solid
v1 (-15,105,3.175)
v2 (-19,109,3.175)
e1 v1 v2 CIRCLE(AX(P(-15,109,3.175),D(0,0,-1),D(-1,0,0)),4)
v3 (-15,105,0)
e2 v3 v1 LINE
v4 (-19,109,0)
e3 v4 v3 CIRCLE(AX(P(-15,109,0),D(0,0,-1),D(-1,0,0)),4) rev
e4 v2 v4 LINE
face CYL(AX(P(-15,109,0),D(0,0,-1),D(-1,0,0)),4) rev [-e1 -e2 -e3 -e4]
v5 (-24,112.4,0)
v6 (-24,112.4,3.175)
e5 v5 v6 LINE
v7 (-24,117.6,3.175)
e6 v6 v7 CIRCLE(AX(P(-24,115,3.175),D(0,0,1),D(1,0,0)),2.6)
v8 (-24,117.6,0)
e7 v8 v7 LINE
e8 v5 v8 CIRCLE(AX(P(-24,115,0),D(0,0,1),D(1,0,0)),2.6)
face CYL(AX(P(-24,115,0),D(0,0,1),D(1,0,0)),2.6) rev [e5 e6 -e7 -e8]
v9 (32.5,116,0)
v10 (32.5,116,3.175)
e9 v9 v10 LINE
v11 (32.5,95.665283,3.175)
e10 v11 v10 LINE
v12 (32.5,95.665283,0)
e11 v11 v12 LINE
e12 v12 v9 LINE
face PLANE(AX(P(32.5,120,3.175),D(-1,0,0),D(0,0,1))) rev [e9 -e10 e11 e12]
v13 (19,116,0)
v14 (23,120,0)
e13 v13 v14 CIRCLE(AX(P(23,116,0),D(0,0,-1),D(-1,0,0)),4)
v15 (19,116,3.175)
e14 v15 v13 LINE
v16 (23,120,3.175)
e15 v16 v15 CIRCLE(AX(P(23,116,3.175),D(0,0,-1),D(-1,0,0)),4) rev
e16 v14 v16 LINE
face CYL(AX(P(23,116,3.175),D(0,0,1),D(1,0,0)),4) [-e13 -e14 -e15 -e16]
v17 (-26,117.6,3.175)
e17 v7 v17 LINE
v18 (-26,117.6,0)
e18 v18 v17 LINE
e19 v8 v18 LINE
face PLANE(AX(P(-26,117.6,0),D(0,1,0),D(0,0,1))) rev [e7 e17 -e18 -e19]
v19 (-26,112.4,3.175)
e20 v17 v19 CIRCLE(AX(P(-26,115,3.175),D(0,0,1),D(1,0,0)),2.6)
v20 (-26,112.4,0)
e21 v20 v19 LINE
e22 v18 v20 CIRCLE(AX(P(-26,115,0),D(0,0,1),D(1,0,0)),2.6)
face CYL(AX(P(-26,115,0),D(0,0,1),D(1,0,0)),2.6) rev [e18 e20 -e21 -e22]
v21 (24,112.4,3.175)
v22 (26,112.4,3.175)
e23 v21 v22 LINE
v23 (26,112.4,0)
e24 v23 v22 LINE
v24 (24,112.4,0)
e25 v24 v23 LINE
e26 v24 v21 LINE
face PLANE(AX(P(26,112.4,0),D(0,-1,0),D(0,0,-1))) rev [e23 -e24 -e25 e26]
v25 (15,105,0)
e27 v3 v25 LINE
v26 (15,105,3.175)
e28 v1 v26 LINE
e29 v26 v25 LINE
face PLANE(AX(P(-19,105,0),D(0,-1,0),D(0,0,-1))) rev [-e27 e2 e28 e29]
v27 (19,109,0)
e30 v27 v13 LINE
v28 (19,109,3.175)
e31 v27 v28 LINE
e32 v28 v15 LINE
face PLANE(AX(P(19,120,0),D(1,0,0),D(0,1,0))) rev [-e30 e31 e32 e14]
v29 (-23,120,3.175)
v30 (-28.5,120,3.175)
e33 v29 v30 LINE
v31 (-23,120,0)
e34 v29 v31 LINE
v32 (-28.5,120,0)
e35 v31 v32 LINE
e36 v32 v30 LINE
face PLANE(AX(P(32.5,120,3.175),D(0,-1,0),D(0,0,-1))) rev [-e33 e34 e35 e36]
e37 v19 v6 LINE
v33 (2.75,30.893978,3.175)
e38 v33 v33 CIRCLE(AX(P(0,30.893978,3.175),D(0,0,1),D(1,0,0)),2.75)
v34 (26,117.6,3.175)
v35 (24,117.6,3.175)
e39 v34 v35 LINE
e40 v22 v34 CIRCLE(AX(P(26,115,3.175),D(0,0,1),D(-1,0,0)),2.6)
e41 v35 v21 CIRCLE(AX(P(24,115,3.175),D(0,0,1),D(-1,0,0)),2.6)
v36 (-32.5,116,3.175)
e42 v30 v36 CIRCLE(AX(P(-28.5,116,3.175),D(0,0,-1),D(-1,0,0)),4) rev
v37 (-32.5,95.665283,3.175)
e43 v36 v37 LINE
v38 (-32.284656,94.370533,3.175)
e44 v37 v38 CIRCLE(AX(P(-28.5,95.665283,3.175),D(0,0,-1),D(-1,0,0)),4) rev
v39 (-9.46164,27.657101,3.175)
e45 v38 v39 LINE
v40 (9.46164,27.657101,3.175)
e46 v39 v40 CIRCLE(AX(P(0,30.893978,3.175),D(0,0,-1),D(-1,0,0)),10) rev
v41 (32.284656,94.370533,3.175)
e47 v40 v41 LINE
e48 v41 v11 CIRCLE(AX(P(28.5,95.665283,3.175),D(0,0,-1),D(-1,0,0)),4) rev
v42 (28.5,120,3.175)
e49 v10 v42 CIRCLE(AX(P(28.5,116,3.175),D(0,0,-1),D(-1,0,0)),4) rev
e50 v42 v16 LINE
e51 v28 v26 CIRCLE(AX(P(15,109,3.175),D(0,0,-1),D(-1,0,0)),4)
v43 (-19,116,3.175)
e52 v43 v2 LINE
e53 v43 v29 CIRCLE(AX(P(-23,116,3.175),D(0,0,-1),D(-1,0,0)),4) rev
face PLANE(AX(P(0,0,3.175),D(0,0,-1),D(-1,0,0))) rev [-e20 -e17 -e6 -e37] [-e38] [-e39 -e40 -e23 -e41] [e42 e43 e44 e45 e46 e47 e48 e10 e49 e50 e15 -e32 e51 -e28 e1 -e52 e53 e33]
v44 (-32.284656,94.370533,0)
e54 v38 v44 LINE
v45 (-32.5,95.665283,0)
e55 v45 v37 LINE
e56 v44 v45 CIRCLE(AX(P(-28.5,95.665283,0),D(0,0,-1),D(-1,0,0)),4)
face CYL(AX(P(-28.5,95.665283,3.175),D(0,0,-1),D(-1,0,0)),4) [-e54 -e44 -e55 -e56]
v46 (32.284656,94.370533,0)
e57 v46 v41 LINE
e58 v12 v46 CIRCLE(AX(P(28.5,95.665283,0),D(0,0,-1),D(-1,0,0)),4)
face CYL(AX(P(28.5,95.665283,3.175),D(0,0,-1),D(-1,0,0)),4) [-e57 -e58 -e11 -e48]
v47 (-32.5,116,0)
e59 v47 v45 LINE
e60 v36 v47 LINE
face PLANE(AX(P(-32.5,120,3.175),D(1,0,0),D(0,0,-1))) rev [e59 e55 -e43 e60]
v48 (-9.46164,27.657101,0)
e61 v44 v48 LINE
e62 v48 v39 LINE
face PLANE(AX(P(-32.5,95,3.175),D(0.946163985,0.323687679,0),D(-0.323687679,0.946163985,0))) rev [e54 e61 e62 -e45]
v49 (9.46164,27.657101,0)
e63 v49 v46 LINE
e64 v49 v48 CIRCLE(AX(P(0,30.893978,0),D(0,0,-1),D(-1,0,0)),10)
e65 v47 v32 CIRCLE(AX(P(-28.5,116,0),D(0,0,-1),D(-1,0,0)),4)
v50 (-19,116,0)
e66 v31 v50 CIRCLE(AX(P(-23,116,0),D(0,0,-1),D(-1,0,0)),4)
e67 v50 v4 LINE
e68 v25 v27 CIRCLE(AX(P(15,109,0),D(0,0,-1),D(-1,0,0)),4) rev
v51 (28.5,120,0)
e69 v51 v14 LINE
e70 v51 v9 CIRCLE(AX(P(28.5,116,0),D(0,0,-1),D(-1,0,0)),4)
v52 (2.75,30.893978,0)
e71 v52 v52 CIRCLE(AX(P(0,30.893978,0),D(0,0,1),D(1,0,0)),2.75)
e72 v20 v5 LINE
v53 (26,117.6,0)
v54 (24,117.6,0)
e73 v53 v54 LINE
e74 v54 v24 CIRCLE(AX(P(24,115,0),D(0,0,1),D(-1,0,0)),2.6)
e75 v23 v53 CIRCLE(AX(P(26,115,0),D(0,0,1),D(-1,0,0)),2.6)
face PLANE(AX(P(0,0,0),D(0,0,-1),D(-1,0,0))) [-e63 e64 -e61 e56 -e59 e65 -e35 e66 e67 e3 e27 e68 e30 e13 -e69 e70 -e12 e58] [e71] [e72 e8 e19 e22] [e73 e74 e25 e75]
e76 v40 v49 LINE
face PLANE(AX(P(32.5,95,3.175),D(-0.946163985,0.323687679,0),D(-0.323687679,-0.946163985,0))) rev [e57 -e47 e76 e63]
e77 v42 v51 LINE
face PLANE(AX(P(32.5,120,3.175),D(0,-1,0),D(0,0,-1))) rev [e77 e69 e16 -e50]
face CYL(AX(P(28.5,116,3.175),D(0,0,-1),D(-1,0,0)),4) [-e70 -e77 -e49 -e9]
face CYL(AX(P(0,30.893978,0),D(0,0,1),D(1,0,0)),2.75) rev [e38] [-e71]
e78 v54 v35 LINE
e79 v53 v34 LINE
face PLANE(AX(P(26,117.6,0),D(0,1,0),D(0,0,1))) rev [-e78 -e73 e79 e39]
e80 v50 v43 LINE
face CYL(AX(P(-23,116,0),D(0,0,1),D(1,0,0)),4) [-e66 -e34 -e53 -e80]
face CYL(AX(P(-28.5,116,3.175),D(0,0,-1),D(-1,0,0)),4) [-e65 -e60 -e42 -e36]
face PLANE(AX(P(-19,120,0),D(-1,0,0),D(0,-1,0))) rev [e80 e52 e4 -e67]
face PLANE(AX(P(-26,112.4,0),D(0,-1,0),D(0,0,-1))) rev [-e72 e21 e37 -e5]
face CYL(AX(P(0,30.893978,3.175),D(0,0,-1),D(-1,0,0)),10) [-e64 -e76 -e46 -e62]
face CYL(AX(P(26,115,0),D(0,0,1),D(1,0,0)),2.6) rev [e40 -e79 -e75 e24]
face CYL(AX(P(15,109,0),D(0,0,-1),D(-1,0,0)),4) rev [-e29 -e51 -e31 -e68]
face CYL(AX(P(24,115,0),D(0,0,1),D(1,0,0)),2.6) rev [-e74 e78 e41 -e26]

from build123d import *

# Parameters (mm, degrees)
BOSS_EXTRUDE1_DEPTH = 3.175
SKETCH2_W           = 38
SKETCH2_H           = 15
CUT_EXTRUDE1_DEPTH  = 4.175
FILLET1_R           = 4
FILLET2_R           = 10
SKETCH3_R           = 2.75
CUT_EXTRUDE2_DEPTH  = 4.175


with BuildPart() as part:
    # Sketch1 → Boss-Extrude1 (new body)
    with BuildSketch(Plane.XY):
        Polygon((32.5, 120), (-32.5, 120), (-32.5, 95), (0, 0), (32.5, 95), align=None)
    extrude(amount=BOSS_EXTRUDE1_DEPTH)

    # Sketch2 → Cut-Extrude1 (cut, through all)
    with BuildSketch(Plane.XY.offset(3.175)):
        with Locations((0, 112.5)):
            Rectangle(SKETCH2_W, SKETCH2_H)
        with BuildLine():
            Line((-26, 117.6), (-24, 117.6))
            ThreePointArc((-24, 117.6), (-21.4, 115), (-24, 112.4))
            Line((-24, 112.4), (-26, 112.4))
            ThreePointArc((-26, 112.4), (-28.6, 115), (-26, 117.6))
        make_face()
        with BuildLine():
            Line((26, 117.6), (24, 117.6))
            ThreePointArc((24, 117.6), (21.4, 115), (24, 112.4))
            Line((24, 112.4), (26, 112.4))
            ThreePointArc((26, 112.4), (28.6, 115), (26, 117.6))
        make_face()
    extrude(amount=-CUT_EXTRUDE1_DEPTH, mode=Mode.SUBTRACT)

    # Fillet1
    fillet1_edges = [part.edges().sort_by_distance(p)[0] for p in [
        (-19, 105, 1.5875),
        (-19, 120, 1.5875),
        (19, 120, 1.5875),
        (19, 105, 1.5875),
        (-32.5, 95, 1.5875),
        (-32.5, 120, 1.5875),
        (32.5, 120, 1.5875),
        (32.5, 95, 1.5875),
    ]]
    fillet(fillet1_edges, radius=FILLET1_R)

    # Fillet2
    fillet2_edges = [part.edges().sort_by_distance(p)[0] for p in [
        (0, 0, 1.5875),
    ]]
    fillet(fillet2_edges, radius=FILLET2_R)

    # Sketch3 → Cut-Extrude2 (cut, through all)
    with BuildSketch(Plane.XY.offset(3.175)):
        with Locations((0, 30.893977889)):
            Circle(SKETCH3_R)
    extrude(amount=-CUT_EXTRUDE2_DEPTH, mode=Mode.SUBTRACT)


solid = part.part
